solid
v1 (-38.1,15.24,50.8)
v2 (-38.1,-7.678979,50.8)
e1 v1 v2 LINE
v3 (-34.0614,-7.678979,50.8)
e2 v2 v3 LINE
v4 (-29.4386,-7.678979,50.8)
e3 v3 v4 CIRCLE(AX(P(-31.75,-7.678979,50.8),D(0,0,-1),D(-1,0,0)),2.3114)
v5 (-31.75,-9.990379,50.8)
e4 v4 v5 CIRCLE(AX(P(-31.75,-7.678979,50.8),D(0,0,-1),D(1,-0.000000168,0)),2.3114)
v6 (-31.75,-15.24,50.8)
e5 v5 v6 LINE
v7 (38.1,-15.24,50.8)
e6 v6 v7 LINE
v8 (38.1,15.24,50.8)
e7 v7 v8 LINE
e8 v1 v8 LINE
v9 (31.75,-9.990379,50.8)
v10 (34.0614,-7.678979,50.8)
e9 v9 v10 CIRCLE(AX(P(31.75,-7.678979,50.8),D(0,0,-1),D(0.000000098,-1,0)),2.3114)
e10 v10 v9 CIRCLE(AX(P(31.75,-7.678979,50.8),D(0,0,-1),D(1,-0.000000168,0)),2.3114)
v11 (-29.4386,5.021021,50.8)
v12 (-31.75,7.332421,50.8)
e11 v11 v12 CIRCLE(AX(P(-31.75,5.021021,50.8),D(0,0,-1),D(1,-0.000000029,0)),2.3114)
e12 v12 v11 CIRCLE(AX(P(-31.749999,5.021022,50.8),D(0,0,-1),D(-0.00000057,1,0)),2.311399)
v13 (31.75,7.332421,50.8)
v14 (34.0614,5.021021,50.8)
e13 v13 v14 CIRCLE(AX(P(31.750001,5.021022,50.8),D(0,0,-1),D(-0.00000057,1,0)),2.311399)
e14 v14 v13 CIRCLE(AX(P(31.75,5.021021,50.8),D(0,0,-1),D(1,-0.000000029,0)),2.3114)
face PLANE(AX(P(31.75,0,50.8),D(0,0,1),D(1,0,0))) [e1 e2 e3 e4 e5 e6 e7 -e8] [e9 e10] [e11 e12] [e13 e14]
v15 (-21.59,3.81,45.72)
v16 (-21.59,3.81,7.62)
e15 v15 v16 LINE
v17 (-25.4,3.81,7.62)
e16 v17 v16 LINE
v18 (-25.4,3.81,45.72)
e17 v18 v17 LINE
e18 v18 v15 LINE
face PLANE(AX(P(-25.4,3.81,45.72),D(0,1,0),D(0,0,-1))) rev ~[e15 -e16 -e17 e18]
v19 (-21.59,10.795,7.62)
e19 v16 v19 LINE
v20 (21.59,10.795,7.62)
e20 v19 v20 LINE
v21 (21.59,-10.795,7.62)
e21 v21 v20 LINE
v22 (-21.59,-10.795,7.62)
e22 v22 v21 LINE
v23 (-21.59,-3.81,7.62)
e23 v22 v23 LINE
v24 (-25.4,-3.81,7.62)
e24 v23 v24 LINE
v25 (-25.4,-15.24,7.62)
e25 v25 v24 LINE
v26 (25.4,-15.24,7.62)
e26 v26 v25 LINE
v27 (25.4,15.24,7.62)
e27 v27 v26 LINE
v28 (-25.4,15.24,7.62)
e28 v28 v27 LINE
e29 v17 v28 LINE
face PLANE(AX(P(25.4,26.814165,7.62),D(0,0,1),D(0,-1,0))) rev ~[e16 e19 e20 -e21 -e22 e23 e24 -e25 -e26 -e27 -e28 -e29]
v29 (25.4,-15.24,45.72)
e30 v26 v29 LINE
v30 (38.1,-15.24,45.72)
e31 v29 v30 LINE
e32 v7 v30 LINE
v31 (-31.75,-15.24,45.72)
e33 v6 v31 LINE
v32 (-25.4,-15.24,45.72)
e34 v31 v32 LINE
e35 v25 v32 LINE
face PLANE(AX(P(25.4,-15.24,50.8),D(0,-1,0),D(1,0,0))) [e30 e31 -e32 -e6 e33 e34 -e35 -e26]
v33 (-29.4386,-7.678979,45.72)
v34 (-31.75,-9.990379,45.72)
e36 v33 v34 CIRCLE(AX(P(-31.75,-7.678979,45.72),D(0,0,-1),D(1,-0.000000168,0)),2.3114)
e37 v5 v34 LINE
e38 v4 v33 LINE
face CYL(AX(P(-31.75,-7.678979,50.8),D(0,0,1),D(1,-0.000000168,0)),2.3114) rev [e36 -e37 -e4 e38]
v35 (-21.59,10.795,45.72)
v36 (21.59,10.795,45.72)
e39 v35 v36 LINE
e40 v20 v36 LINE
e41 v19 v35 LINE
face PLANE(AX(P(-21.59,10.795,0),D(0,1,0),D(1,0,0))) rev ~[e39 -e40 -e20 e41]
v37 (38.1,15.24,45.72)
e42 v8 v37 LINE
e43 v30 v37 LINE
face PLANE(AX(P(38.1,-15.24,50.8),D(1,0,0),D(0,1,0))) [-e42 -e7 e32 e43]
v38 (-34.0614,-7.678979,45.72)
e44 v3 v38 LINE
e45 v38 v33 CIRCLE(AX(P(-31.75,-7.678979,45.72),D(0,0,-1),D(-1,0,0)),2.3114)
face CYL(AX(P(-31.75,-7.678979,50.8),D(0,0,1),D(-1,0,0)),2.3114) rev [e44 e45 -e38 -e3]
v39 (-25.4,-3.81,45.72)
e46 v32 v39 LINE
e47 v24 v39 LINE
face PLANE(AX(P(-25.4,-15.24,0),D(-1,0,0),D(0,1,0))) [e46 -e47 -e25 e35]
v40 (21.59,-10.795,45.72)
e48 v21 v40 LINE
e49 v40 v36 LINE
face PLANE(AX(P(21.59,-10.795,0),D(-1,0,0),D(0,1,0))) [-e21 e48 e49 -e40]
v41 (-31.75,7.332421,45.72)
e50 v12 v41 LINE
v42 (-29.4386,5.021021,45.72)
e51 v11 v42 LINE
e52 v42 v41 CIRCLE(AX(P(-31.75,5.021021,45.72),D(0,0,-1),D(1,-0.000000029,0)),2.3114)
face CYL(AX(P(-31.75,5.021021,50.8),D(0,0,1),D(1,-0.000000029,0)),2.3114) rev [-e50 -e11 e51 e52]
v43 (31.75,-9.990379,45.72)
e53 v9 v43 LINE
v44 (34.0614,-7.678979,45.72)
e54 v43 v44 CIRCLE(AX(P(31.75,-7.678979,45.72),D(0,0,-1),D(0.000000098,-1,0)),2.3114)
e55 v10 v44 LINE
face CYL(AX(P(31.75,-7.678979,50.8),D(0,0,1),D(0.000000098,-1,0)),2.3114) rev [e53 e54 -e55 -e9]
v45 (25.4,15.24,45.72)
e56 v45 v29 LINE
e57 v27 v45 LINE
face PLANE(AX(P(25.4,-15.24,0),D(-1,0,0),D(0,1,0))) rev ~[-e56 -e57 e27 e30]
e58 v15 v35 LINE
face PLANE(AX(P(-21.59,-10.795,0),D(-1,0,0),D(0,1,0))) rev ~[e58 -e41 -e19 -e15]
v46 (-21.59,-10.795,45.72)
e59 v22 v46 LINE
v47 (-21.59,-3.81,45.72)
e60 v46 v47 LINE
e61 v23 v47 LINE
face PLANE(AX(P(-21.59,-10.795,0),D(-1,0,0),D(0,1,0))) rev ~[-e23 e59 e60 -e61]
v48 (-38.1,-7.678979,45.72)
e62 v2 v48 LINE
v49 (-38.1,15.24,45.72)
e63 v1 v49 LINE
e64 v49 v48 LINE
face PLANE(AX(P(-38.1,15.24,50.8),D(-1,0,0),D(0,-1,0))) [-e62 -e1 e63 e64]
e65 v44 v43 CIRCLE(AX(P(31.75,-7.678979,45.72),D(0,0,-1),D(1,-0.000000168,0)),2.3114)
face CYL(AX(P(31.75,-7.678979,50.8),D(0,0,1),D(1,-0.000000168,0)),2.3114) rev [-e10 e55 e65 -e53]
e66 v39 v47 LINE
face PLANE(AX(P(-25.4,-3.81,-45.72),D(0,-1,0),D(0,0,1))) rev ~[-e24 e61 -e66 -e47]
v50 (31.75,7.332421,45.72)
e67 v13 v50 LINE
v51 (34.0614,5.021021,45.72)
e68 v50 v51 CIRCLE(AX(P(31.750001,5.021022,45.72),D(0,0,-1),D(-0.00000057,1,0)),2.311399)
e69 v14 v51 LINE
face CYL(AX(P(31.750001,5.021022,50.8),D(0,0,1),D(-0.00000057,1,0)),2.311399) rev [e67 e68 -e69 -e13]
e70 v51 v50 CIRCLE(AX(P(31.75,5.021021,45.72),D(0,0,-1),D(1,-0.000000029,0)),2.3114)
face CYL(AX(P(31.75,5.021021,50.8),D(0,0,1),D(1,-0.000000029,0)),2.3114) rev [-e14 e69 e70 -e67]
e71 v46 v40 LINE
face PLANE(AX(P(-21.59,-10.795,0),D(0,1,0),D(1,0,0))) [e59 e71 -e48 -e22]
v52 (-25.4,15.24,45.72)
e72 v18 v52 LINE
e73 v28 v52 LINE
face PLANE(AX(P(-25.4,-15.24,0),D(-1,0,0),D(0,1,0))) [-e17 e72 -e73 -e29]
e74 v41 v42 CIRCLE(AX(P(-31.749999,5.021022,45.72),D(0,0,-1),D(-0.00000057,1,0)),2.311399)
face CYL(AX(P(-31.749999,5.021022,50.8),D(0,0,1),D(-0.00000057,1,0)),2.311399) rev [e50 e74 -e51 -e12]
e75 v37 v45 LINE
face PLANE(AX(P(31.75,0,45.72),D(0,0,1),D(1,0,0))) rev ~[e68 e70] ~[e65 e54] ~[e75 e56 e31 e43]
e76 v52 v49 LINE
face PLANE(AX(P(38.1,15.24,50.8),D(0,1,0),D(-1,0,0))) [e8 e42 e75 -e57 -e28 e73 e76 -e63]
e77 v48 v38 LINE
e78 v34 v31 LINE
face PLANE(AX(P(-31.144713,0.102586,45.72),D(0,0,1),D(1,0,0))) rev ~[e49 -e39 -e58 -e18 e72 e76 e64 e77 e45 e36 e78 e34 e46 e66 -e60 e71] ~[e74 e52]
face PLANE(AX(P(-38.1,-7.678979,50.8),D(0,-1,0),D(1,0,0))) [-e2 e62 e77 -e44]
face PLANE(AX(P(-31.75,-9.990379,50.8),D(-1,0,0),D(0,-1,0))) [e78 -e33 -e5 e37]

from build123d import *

# Parameters (mm, degrees)
F0_W     = 50.8
F0_H     = 30.48
F1_DEPTH = 50.8
F2_W     = 43.18
F2_H     = 21.59
F3_DEPTH = 45.72
F5_DEPTH = 5.08
F6_W     = 7.62
F6_H     = 45.72
F7_DEPTH = 13.47426
F8_W     = 30.48
F8_H     = 7.62
F9_DEPTH = 78.77304


with BuildPart() as f1:
    # F0 (on Top) → F1 (new body)
    with BuildSketch(Plane.XY):
        Rectangle(F0_W, F0_H)
    extrude(amount=F1_DEPTH)

    # F2 (on Top) → F3 (cut)
    with BuildSketch(Plane.XY):
        Rectangle(F2_W, F2_H)
    extrude(amount=F3_DEPTH, mode=Mode.SUBTRACT)

    # F4 (on face) → F5 (join)
    with BuildSketch(Plane.XY.offset(50.8)):
        Polygon((31.75, 15.24), (25.4, 15.24), (25.4, -15.24), (31.75, -15.24), (38.1, -15.24), (38.1, 15.24), align=None)
        with BuildLine():
            ThreePointArc((34.0614, -7.678979), (33.384407, -9.313385), (31.75, -9.990379))
            ThreePointArc((31.75, -9.990379), (30.115593, -6.044572), (34.0614, -7.678979))
        make_face(mode=Mode.SUBTRACT)
        with BuildLine():
            ThreePointArc((34.0614, 5.021021), (30.115593, 3.386615), (31.75, 7.332421))
            ThreePointArc((31.75, 7.332421), (33.384407, 6.655428), (34.0614, 5.021021))
        make_face(mode=Mode.SUBTRACT)
        with BuildLine():
            Line((-25.4, -15.24), (-25.4, 15.24))
            Line((-25.4, 15.24), (-31.75, 15.24))
            Line((-31.75, 15.24), (-38.1, 15.24))
            Line((-38.1, 15.24), (-38.1, -7.678979))
            Line((-38.1, -7.678979), (-34.0614, -7.678979))
            ThreePointArc((-34.0614, -7.678979), (-31.75, -5.367579), (-29.4386, -7.678979))
            ThreePointArc((-29.4386, -7.678979), (-30.115593, -9.313385), (-31.75, -9.990379))
            Line((-31.75, -9.990379), (-31.75, -15.24))
            Line((-31.75, -15.24), (-25.4, -15.24))
        make_face()
        with BuildLine():
            ThreePointArc((-29.4386, 5.021021), (-33.384407, 3.386615), (-31.75, 7.332421))
            ThreePointArc((-31.75, 7.332421), (-30.115593, 6.655428), (-29.4386, 5.021021))
        make_face(mode=Mode.SUBTRACT)
    extrude(amount=-F5_DEPTH)

    # F6 (on face) → F7 (cut)
    with BuildSketch(Plane(origin=(-25.4, 0, 0), x_dir=(0, -1, 0), z_dir=(-1, 0, 0))):
        with Locations((0, -22.86)):
            Rectangle(F6_W, F6_H)
        with Locations((0, 22.86)):
            Rectangle(F6_W, F6_H)
    extrude(amount=-F7_DEPTH, mode=Mode.SUBTRACT)

    # F8 (on face) → F9 (cut)
    with BuildSketch(Plane.YZ.offset(25.4)):
        with Locations((0, 3.81)):
            Rectangle(F8_W, F8_H)
        Polygon((26.814165, 7.62), (15.24, 7.62), (15.24, 0), (-15.24, 0), (-15.24, -4.411362), (26.814165, -4.411362), align=None)
    extrude(amount=-F9_DEPTH, mode=Mode.SUBTRACT)


solid = f1.part
